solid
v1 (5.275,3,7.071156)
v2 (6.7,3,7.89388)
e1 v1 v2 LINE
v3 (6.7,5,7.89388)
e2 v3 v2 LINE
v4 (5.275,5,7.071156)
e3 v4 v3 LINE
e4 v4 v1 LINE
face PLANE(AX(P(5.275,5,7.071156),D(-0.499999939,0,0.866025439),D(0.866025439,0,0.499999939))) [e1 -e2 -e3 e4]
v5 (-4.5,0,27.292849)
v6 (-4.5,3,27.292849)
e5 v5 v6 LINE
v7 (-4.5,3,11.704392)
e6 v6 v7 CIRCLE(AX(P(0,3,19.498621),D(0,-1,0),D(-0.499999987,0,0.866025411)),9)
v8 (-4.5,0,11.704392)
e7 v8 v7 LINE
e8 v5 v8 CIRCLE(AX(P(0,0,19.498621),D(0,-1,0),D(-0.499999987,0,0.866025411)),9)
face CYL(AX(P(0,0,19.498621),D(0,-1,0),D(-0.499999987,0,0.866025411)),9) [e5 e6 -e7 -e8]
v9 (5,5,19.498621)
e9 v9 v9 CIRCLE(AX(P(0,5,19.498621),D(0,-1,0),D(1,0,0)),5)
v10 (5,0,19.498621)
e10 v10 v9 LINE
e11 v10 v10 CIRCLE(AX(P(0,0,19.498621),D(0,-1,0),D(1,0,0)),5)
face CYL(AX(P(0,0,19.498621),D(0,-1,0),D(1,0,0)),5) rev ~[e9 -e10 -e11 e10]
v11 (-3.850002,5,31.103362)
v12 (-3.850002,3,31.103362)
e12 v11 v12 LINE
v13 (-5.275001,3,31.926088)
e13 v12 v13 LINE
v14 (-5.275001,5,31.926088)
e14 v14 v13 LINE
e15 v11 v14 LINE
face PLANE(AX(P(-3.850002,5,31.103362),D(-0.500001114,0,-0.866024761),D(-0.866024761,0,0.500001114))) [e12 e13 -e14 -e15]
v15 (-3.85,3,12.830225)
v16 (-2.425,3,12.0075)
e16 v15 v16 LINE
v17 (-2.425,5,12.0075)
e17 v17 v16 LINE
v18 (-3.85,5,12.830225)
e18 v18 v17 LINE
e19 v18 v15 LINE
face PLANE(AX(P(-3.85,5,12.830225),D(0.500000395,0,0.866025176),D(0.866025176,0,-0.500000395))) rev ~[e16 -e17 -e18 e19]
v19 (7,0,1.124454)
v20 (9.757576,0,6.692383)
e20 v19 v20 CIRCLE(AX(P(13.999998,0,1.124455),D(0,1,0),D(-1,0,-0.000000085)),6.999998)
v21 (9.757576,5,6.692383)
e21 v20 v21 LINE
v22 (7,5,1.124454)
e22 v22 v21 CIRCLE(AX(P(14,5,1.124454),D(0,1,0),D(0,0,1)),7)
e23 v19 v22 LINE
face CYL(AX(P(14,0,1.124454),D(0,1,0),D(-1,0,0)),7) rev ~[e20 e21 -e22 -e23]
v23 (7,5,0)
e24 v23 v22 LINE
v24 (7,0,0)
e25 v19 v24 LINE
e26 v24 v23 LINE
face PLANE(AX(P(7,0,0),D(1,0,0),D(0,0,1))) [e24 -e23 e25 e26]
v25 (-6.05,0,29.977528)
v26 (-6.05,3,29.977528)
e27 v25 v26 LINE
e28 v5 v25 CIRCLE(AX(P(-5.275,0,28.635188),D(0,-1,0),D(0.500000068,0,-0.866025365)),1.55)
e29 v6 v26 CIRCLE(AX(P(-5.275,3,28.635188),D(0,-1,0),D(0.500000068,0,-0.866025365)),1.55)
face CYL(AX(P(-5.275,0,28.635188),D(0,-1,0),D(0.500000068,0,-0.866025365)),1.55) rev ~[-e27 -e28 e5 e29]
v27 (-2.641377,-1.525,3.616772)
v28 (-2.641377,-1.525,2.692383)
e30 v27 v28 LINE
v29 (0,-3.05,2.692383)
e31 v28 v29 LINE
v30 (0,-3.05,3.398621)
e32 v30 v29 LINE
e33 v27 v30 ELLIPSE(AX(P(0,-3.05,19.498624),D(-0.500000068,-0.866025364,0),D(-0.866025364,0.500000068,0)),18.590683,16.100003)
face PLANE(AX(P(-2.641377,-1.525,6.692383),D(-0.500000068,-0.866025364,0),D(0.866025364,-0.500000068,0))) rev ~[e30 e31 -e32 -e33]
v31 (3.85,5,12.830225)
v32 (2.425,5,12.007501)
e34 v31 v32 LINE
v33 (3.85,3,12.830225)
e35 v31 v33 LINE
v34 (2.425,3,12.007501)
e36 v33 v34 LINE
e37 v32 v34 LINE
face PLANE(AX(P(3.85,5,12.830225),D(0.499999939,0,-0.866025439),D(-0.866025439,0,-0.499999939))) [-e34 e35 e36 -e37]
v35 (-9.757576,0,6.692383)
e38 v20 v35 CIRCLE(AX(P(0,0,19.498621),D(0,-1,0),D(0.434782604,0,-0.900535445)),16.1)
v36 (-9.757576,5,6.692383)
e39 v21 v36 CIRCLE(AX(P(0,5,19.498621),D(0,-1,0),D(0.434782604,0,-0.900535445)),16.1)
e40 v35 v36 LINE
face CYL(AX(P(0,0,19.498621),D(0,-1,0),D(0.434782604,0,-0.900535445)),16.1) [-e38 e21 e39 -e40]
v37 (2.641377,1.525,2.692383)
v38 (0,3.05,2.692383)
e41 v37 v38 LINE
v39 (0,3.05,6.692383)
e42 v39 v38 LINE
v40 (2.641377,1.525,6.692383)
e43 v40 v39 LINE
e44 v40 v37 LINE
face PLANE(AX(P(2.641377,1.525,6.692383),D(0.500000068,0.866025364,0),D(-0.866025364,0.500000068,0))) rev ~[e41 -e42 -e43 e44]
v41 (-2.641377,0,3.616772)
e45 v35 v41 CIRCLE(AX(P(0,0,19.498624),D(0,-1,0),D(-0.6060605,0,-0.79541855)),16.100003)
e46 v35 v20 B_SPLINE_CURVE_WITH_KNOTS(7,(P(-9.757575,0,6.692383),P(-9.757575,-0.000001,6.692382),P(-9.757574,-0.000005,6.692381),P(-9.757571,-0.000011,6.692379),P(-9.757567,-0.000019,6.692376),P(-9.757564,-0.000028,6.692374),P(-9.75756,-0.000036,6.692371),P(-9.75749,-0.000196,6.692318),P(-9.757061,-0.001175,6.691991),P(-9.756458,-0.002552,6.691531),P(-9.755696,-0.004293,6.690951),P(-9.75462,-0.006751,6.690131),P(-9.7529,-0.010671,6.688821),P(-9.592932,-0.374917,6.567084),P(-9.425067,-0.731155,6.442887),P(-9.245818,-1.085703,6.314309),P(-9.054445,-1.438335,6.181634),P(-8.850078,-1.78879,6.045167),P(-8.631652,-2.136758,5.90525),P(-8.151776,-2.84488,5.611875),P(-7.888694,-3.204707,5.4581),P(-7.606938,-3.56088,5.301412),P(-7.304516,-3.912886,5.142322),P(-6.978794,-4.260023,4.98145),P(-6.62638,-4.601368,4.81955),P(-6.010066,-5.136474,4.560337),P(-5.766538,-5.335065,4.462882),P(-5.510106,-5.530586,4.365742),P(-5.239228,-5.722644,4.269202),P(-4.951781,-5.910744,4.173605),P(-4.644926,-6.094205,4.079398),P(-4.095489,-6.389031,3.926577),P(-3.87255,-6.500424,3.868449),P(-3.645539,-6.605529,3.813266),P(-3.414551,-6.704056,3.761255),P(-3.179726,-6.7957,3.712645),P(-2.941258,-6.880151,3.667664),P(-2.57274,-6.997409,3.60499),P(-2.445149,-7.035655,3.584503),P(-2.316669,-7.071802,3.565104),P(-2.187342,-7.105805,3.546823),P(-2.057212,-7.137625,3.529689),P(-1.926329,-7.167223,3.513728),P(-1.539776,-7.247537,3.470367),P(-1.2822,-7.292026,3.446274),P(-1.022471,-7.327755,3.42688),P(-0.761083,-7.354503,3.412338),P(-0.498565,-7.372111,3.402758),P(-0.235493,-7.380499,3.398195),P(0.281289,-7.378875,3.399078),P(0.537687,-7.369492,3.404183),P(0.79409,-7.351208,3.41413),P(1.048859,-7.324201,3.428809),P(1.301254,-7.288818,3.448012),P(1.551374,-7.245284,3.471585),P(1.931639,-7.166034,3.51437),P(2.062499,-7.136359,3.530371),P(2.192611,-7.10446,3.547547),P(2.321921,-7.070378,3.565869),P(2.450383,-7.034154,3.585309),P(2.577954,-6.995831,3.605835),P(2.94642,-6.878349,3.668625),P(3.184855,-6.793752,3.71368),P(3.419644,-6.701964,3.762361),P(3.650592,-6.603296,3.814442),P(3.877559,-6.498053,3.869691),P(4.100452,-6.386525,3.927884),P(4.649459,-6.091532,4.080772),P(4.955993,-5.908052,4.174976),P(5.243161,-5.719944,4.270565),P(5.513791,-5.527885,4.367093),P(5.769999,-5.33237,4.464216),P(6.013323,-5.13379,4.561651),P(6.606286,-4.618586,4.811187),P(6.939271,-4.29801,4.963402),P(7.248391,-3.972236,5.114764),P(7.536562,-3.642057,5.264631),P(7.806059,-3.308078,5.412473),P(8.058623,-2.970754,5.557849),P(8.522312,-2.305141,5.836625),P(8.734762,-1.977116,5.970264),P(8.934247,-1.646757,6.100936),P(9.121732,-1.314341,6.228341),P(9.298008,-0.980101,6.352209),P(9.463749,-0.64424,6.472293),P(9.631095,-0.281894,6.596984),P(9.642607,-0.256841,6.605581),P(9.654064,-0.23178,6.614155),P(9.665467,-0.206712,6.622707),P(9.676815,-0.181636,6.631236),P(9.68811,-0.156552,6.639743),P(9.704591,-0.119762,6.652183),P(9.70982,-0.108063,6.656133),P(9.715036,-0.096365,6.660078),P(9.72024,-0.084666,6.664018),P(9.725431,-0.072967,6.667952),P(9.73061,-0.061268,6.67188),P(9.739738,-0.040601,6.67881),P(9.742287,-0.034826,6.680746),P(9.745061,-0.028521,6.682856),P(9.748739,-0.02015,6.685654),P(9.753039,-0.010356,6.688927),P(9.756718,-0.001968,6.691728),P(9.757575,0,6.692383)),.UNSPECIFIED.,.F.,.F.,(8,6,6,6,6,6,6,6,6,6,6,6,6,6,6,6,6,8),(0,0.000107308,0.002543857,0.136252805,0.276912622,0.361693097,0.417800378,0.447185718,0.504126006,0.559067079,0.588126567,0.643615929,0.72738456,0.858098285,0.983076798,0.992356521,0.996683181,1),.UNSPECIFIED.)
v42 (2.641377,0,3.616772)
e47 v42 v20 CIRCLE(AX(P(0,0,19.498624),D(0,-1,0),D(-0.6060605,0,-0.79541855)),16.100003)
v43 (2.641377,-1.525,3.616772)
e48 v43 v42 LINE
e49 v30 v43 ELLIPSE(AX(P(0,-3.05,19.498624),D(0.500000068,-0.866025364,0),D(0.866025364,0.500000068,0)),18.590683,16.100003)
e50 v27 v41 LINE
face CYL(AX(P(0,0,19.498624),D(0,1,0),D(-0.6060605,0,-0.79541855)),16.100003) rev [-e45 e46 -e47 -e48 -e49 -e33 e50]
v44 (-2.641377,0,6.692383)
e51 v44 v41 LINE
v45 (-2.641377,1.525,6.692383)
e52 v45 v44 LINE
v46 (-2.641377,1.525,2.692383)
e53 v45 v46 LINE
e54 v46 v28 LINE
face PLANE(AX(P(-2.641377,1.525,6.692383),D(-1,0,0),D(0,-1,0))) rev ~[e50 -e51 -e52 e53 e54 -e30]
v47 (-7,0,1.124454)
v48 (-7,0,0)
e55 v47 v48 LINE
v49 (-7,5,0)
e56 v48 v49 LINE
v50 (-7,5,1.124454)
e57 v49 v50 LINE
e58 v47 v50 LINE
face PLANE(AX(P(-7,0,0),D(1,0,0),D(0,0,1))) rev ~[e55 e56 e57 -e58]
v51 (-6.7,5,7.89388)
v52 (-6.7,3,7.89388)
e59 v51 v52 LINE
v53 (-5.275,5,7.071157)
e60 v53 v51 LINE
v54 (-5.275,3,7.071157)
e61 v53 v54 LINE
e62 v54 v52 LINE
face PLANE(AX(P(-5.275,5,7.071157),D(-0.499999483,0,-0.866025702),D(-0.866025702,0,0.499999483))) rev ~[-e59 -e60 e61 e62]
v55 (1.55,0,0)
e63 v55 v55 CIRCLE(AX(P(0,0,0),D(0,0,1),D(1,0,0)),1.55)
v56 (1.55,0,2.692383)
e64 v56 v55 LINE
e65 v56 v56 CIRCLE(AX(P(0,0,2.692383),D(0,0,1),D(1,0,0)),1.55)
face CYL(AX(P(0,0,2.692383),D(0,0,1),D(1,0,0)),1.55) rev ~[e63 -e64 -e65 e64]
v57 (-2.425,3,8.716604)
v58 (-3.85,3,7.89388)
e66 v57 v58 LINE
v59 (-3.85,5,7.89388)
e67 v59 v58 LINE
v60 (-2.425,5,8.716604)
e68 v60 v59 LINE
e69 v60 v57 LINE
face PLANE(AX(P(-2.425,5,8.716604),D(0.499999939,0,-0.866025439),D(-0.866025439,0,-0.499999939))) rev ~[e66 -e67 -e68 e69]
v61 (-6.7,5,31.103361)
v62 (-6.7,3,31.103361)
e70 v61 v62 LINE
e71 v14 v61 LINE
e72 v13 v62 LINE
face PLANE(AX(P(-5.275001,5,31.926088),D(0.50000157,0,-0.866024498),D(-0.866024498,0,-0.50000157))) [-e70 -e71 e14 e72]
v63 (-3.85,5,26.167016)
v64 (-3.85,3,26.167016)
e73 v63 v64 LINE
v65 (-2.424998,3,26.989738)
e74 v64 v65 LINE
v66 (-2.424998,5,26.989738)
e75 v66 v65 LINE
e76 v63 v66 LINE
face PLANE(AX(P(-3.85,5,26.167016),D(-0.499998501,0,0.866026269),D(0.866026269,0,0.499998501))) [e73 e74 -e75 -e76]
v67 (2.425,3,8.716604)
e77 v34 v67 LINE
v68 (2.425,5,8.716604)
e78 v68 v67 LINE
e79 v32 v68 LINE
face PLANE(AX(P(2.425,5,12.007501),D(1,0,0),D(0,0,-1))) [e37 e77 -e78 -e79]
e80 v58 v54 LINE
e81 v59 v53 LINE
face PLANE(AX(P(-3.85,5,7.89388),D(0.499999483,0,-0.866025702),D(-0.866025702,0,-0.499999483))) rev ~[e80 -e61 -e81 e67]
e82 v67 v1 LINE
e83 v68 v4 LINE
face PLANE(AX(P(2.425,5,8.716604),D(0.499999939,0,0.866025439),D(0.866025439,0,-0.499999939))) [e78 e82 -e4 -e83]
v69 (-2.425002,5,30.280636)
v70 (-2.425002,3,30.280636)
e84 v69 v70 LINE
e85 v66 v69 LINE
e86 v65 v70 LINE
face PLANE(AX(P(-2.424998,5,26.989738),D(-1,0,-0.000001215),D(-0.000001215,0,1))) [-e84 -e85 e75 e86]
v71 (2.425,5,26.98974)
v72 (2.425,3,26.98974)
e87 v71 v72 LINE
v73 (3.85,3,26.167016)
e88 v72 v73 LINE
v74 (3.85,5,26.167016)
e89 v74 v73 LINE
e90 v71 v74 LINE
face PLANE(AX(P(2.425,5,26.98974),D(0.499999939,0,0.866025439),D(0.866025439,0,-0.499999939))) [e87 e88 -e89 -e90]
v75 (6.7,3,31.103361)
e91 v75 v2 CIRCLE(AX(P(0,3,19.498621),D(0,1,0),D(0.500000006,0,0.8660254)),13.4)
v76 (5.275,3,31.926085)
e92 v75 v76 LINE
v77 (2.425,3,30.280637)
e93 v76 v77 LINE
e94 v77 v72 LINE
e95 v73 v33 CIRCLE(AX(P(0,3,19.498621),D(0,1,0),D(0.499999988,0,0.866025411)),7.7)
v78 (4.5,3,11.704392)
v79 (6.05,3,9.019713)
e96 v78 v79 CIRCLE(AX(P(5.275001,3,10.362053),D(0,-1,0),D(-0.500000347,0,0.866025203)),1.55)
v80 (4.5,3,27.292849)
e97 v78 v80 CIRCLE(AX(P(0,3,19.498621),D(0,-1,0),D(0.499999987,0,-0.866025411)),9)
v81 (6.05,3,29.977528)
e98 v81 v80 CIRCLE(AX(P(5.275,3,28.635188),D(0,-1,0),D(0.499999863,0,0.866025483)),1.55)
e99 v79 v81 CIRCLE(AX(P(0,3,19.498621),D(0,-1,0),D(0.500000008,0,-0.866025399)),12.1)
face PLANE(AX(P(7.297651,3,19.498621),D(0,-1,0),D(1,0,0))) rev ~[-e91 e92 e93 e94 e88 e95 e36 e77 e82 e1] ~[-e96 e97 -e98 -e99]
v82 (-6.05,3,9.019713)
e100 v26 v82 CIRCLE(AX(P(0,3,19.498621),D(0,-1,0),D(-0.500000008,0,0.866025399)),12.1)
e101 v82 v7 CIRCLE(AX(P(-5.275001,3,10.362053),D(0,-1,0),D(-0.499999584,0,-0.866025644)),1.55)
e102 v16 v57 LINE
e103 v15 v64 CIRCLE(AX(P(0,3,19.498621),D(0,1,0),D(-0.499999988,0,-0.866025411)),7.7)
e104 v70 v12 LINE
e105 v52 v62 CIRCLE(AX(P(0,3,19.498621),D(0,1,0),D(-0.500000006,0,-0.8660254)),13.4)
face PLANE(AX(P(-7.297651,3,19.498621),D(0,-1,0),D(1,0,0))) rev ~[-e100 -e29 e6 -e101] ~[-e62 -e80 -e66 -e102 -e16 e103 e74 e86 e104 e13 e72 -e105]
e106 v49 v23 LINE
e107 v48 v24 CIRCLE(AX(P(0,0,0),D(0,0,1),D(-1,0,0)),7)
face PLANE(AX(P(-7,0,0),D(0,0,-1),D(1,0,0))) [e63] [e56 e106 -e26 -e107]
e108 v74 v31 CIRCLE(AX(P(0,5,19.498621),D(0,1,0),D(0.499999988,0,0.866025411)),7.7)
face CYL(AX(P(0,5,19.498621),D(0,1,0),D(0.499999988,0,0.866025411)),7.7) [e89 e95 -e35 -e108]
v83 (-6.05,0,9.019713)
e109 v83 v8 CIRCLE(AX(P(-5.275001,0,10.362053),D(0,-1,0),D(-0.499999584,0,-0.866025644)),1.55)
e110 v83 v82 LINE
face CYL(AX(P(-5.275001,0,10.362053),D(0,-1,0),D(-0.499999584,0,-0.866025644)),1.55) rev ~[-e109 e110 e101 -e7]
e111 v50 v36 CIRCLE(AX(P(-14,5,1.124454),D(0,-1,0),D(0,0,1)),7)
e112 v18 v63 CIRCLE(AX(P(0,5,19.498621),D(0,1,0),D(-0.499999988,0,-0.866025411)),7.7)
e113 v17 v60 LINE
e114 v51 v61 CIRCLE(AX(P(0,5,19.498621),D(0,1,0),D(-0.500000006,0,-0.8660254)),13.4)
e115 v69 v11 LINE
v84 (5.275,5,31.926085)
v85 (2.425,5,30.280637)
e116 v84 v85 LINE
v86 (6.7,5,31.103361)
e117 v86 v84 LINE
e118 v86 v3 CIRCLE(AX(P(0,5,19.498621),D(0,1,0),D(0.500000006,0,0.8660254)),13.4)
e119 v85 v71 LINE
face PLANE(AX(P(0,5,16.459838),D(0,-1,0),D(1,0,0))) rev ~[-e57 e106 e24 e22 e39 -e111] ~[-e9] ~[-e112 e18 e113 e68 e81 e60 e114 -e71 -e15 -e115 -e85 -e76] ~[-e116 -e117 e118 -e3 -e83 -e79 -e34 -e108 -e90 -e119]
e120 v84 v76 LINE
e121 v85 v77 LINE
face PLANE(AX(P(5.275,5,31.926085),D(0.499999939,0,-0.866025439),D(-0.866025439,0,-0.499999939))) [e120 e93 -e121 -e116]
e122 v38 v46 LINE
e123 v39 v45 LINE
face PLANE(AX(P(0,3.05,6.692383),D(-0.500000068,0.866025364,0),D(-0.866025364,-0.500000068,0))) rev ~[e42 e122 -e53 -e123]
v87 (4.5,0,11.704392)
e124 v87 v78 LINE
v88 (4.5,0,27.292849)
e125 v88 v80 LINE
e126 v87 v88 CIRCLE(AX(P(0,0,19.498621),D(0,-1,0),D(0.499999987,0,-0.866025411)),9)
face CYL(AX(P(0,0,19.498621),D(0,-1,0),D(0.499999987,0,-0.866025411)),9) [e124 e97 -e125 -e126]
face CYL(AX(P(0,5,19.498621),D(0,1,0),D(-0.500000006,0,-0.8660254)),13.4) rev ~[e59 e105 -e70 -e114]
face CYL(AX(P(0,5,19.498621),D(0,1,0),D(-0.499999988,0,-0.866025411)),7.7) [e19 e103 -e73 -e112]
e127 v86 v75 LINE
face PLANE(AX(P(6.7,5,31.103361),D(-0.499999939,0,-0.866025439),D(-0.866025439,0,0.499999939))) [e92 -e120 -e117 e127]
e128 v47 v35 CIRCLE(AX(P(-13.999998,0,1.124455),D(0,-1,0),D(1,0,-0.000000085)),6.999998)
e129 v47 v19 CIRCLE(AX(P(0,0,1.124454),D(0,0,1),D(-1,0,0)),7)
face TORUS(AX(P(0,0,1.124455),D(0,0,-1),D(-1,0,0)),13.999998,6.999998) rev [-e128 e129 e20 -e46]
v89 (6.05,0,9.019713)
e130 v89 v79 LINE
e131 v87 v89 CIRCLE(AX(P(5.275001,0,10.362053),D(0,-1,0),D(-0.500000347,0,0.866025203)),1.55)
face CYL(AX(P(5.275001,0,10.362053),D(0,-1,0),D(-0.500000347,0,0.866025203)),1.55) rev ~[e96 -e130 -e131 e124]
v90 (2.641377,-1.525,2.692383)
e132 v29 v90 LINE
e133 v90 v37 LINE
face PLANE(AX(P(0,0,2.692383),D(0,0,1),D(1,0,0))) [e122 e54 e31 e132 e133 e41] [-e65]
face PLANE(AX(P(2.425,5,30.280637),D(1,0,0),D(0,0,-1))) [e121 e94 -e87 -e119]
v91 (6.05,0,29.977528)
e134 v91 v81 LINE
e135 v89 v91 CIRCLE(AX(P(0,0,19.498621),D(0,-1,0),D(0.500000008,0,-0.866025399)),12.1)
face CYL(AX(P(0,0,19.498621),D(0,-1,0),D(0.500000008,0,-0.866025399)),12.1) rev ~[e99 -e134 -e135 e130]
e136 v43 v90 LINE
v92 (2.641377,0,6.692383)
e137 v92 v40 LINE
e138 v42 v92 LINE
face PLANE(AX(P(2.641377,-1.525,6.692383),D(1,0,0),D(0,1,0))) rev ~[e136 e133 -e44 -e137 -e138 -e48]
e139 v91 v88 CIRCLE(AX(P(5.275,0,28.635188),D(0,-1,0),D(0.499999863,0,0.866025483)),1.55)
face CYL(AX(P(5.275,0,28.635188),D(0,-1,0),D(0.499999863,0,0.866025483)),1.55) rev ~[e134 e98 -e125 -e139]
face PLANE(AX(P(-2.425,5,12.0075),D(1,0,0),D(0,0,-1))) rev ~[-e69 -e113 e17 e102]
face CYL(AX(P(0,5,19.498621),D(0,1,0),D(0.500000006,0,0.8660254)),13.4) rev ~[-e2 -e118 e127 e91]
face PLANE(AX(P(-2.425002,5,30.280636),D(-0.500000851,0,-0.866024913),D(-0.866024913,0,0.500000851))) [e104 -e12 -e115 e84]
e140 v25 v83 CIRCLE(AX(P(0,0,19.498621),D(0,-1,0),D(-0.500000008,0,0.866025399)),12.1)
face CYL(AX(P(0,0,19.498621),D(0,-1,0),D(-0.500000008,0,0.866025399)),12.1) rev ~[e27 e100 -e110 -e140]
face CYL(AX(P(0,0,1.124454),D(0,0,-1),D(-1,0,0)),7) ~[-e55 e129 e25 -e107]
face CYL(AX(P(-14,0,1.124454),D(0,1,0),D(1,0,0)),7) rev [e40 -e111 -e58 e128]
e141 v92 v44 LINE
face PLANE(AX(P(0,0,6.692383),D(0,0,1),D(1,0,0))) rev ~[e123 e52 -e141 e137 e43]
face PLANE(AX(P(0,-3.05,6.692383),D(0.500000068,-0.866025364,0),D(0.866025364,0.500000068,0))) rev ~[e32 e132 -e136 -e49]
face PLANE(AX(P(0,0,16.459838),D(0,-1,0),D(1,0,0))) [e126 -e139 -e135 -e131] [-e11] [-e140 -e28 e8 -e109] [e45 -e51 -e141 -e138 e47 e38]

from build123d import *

# Parameters (mm, degrees)
SKETCH001_AS_DRAWN_R                 = 5
EXTRUDE001_DEPTH                     = 5
EXTRUDE001_ONTO_SKETCH001_ROLL_ANGLE = 90
FILLET_R                             = 7
POCKET_DEPTH                         = 2
REVOLVE_ANGLE                        = 180
REVOLVE_ONTO_SKETCH003_ROLL_ANGLE    = 90
POCKET001_DEPTH                      = 4
SKETCH005_R                          = 1.55
POCKET002_DEPTH                      = 2.693383
POCKET003_DEPTH                      = 9.758576


with BuildPart() as pocket:
    # Sketch001 as drawn → Extrude001 (new)
    with BuildSketch(Plane.XY):
        with BuildLine():
            Line((-7, 0), (7, 0))
            Line((7, 0), (7, 5))
            ThreePointArc((7, 5), (0, 35.598621), (-7, 5))
            Line((-7, 0), (-7, 5))
        make_face()
        with Locations((0, 19.498621)):
            Circle(SKETCH001_AS_DRAWN_R, mode=Mode.SUBTRACT)
        with BuildLine():
            ThreePointArc((-6.05, 29.977528), (-12.1, 19.498621), (-6.05, 9.019713))
            ThreePointArc((-6.05, 9.019713), (-3.932661, 9.587053), (-4.5, 11.704392))
            ThreePointArc((-4.5, 27.292849), (-9, 19.498621), (-4.5, 11.704392))
            ThreePointArc((-4.5, 27.292849), (-3.932661, 29.410189), (-6.05, 29.977528))
        make_face(mode=Mode.SUBTRACT)
        with BuildLine():
            ThreePointArc((4.5, 11.704392), (9, 19.498621), (4.5, 27.292849))
            ThreePointArc((6.05, 29.977528), (3.932661, 29.410189), (4.5, 27.292849))
            ThreePointArc((6.05, 9.019713), (12.1, 19.498621), (6.05, 29.977528))
            ThreePointArc((4.5, 11.704392), (3.932661, 9.587053), (6.05, 9.019713))
        make_face(mode=Mode.SUBTRACT)
    extrude(amount=-EXTRUDE001_DEPTH)


with BuildPart() as pocket_1:
    # Extrude001 onto Sketch001 roll: moved
    add(pocket.part.rotate(Axis((0, 0, 0), (1, 0, 0)), EXTRUDE001_ONTO_SKETCH001_ROLL_ANGLE))


with BuildPart() as pocket_2:
    # Extrude001 onto Sketch001 placement: moved
    add(pocket_1.part)

    # Fillet
    fillet_edges = [pocket_2.edges().sort_by_distance(p)[0] for p in [
        (7, 2.5, 5),
        (-7, 2.5, 5),
    ]]
    fillet(fillet_edges, radius=FILLET_R)

    # Sketch002 → Pocket (cut)
    with BuildSketch(Plane(origin=(0, 5, 0), x_dir=(-1, 0, 0), z_dir=(0, 1, 0))):
        with BuildLine():
            ThreePointArc((-3.85, 26.167016), (-7.7, 19.498621), (-3.85, 12.830225))
            Line((-3.85, 12.830225), (-2.425, 12.007501))
            Line((-2.425, 12.007501), (-2.425, 10.362053))
            Line((-2.425, 10.362053), (-2.425, 8.716604))
            Line((-2.425, 8.716604), (-3.85, 7.89388))
            Line((-3.85, 7.89388), (-5.275, 7.071156))
            Line((-5.275, 7.071156), (-6.7, 7.89388))
            ThreePointArc((-6.7, 31.103361), (-13.4, 19.498621), (-6.7, 7.89388))
            Line((-6.7, 31.103361), (-5.275, 31.926085))
            Line((-5.275, 31.926085), (-3.85, 31.103361))
            Line((-3.85, 31.103361), (-2.425, 30.280637))
            Line((-2.425, 30.280637), (-2.425, 28.635189))
            Line((-2.425, 28.635189), (-2.425, 26.98974))
            Line((-2.425, 26.98974), (-3.85, 26.167016))
        make_face()
        with BuildLine():
            ThreePointArc((3.85, 12.830225), (7.7, 19.498621), (3.85, 26.167016))
            Line((3.85, 26.167016), (2.424998, 26.989738))
            Line((2.424998, 26.989738), (2.425, 28.635187))
            Line((2.425, 28.635187), (2.425002, 30.280636))
            Line((2.425002, 30.280636), (3.850002, 31.103362))
            Line((3.850002, 31.103362), (5.275001, 31.926088))
            Line((5.275001, 31.926088), (6.7, 31.103361))
            ThreePointArc((6.7, 7.89388), (13.4, 19.498621), (6.7, 31.103361))
            Line((5.275, 7.071157), (6.7, 7.89388))
            Line((3.85, 7.89388), (5.275, 7.071157))
            Line((2.425, 8.716604), (3.85, 7.89388))
            Line((2.425, 10.362052), (2.425, 8.716604))
            Line((2.425, 12.0075), (2.425, 10.362052))
            Line((3.85, 12.830225), (2.425, 12.0075))
        make_face()
    extrude(amount=-POCKET_DEPTH, mode=Mode.SUBTRACT)


with BuildPart() as pocket003:
    # Sketch003 as drawn → Revolve (revolve)
    with BuildSketch(Plane.XY):
        with BuildLine():
            ThreePointArc((-7, 1.124454), (-7.727163, 4.231143), (-9.757576, 6.692383))
            Line((0, 6.692383), (-9.757576, 6.692383))
            Line((0, 0), (0, 6.692383))
            Line((-7, 0), (0, 0))
            Line((-7, 1.124454), (-7, 0))
        make_face()
    revolve(axis=Axis((0, 0, 0), (0, 1, 0)), revolution_arc=REVOLVE_ANGLE)


with BuildPart() as pocket003_1:
    # Revolve onto Sketch003 roll: moved
    add(pocket003.part.rotate(Axis((0, 0, 0), (1, 0, 0)), REVOLVE_ONTO_SKETCH003_ROLL_ANGLE))


with BuildPart() as pocket003_2:
    # Revolve onto Sketch003 placement: moved
    add(pocket003_1.part)

    # Fusion: union Pocket
    add(pocket_2.part)

    # Sketch004 → Pocket001 (cut)
    with BuildSketch(Plane.XY.offset(6.692383)):
        Polygon((2.641377, -1.525), (2.641377, 1.525), (0, 3.05), (-2.641377, 1.525), (-2.641377, -1.525), (0, -3.05), align=None)
    extrude(amount=-POCKET001_DEPTH, mode=Mode.SUBTRACT)

    # Sketch005 → Pocket002 (cut, through all)
    with BuildSketch(Plane.XY.offset(2.692383)):
        Circle(SKETCH005_R)
    extrude(amount=-POCKET002_DEPTH, mode=Mode.SUBTRACT)

    # Sketch006 → Pocket003 (cut, through all)
    with BuildSketch(Plane.XZ):
        with BuildLine():
            Line((-9.757576, 6.692383), (9.757576, 6.692383))
            ThreePointArc((-9.757576, 6.692383), (0, 3.398621), (9.757576, 6.692383))
        make_face()
    extrude(amount=POCKET003_DEPTH, mode=Mode.SUBTRACT)


solid = pocket003_2.part
